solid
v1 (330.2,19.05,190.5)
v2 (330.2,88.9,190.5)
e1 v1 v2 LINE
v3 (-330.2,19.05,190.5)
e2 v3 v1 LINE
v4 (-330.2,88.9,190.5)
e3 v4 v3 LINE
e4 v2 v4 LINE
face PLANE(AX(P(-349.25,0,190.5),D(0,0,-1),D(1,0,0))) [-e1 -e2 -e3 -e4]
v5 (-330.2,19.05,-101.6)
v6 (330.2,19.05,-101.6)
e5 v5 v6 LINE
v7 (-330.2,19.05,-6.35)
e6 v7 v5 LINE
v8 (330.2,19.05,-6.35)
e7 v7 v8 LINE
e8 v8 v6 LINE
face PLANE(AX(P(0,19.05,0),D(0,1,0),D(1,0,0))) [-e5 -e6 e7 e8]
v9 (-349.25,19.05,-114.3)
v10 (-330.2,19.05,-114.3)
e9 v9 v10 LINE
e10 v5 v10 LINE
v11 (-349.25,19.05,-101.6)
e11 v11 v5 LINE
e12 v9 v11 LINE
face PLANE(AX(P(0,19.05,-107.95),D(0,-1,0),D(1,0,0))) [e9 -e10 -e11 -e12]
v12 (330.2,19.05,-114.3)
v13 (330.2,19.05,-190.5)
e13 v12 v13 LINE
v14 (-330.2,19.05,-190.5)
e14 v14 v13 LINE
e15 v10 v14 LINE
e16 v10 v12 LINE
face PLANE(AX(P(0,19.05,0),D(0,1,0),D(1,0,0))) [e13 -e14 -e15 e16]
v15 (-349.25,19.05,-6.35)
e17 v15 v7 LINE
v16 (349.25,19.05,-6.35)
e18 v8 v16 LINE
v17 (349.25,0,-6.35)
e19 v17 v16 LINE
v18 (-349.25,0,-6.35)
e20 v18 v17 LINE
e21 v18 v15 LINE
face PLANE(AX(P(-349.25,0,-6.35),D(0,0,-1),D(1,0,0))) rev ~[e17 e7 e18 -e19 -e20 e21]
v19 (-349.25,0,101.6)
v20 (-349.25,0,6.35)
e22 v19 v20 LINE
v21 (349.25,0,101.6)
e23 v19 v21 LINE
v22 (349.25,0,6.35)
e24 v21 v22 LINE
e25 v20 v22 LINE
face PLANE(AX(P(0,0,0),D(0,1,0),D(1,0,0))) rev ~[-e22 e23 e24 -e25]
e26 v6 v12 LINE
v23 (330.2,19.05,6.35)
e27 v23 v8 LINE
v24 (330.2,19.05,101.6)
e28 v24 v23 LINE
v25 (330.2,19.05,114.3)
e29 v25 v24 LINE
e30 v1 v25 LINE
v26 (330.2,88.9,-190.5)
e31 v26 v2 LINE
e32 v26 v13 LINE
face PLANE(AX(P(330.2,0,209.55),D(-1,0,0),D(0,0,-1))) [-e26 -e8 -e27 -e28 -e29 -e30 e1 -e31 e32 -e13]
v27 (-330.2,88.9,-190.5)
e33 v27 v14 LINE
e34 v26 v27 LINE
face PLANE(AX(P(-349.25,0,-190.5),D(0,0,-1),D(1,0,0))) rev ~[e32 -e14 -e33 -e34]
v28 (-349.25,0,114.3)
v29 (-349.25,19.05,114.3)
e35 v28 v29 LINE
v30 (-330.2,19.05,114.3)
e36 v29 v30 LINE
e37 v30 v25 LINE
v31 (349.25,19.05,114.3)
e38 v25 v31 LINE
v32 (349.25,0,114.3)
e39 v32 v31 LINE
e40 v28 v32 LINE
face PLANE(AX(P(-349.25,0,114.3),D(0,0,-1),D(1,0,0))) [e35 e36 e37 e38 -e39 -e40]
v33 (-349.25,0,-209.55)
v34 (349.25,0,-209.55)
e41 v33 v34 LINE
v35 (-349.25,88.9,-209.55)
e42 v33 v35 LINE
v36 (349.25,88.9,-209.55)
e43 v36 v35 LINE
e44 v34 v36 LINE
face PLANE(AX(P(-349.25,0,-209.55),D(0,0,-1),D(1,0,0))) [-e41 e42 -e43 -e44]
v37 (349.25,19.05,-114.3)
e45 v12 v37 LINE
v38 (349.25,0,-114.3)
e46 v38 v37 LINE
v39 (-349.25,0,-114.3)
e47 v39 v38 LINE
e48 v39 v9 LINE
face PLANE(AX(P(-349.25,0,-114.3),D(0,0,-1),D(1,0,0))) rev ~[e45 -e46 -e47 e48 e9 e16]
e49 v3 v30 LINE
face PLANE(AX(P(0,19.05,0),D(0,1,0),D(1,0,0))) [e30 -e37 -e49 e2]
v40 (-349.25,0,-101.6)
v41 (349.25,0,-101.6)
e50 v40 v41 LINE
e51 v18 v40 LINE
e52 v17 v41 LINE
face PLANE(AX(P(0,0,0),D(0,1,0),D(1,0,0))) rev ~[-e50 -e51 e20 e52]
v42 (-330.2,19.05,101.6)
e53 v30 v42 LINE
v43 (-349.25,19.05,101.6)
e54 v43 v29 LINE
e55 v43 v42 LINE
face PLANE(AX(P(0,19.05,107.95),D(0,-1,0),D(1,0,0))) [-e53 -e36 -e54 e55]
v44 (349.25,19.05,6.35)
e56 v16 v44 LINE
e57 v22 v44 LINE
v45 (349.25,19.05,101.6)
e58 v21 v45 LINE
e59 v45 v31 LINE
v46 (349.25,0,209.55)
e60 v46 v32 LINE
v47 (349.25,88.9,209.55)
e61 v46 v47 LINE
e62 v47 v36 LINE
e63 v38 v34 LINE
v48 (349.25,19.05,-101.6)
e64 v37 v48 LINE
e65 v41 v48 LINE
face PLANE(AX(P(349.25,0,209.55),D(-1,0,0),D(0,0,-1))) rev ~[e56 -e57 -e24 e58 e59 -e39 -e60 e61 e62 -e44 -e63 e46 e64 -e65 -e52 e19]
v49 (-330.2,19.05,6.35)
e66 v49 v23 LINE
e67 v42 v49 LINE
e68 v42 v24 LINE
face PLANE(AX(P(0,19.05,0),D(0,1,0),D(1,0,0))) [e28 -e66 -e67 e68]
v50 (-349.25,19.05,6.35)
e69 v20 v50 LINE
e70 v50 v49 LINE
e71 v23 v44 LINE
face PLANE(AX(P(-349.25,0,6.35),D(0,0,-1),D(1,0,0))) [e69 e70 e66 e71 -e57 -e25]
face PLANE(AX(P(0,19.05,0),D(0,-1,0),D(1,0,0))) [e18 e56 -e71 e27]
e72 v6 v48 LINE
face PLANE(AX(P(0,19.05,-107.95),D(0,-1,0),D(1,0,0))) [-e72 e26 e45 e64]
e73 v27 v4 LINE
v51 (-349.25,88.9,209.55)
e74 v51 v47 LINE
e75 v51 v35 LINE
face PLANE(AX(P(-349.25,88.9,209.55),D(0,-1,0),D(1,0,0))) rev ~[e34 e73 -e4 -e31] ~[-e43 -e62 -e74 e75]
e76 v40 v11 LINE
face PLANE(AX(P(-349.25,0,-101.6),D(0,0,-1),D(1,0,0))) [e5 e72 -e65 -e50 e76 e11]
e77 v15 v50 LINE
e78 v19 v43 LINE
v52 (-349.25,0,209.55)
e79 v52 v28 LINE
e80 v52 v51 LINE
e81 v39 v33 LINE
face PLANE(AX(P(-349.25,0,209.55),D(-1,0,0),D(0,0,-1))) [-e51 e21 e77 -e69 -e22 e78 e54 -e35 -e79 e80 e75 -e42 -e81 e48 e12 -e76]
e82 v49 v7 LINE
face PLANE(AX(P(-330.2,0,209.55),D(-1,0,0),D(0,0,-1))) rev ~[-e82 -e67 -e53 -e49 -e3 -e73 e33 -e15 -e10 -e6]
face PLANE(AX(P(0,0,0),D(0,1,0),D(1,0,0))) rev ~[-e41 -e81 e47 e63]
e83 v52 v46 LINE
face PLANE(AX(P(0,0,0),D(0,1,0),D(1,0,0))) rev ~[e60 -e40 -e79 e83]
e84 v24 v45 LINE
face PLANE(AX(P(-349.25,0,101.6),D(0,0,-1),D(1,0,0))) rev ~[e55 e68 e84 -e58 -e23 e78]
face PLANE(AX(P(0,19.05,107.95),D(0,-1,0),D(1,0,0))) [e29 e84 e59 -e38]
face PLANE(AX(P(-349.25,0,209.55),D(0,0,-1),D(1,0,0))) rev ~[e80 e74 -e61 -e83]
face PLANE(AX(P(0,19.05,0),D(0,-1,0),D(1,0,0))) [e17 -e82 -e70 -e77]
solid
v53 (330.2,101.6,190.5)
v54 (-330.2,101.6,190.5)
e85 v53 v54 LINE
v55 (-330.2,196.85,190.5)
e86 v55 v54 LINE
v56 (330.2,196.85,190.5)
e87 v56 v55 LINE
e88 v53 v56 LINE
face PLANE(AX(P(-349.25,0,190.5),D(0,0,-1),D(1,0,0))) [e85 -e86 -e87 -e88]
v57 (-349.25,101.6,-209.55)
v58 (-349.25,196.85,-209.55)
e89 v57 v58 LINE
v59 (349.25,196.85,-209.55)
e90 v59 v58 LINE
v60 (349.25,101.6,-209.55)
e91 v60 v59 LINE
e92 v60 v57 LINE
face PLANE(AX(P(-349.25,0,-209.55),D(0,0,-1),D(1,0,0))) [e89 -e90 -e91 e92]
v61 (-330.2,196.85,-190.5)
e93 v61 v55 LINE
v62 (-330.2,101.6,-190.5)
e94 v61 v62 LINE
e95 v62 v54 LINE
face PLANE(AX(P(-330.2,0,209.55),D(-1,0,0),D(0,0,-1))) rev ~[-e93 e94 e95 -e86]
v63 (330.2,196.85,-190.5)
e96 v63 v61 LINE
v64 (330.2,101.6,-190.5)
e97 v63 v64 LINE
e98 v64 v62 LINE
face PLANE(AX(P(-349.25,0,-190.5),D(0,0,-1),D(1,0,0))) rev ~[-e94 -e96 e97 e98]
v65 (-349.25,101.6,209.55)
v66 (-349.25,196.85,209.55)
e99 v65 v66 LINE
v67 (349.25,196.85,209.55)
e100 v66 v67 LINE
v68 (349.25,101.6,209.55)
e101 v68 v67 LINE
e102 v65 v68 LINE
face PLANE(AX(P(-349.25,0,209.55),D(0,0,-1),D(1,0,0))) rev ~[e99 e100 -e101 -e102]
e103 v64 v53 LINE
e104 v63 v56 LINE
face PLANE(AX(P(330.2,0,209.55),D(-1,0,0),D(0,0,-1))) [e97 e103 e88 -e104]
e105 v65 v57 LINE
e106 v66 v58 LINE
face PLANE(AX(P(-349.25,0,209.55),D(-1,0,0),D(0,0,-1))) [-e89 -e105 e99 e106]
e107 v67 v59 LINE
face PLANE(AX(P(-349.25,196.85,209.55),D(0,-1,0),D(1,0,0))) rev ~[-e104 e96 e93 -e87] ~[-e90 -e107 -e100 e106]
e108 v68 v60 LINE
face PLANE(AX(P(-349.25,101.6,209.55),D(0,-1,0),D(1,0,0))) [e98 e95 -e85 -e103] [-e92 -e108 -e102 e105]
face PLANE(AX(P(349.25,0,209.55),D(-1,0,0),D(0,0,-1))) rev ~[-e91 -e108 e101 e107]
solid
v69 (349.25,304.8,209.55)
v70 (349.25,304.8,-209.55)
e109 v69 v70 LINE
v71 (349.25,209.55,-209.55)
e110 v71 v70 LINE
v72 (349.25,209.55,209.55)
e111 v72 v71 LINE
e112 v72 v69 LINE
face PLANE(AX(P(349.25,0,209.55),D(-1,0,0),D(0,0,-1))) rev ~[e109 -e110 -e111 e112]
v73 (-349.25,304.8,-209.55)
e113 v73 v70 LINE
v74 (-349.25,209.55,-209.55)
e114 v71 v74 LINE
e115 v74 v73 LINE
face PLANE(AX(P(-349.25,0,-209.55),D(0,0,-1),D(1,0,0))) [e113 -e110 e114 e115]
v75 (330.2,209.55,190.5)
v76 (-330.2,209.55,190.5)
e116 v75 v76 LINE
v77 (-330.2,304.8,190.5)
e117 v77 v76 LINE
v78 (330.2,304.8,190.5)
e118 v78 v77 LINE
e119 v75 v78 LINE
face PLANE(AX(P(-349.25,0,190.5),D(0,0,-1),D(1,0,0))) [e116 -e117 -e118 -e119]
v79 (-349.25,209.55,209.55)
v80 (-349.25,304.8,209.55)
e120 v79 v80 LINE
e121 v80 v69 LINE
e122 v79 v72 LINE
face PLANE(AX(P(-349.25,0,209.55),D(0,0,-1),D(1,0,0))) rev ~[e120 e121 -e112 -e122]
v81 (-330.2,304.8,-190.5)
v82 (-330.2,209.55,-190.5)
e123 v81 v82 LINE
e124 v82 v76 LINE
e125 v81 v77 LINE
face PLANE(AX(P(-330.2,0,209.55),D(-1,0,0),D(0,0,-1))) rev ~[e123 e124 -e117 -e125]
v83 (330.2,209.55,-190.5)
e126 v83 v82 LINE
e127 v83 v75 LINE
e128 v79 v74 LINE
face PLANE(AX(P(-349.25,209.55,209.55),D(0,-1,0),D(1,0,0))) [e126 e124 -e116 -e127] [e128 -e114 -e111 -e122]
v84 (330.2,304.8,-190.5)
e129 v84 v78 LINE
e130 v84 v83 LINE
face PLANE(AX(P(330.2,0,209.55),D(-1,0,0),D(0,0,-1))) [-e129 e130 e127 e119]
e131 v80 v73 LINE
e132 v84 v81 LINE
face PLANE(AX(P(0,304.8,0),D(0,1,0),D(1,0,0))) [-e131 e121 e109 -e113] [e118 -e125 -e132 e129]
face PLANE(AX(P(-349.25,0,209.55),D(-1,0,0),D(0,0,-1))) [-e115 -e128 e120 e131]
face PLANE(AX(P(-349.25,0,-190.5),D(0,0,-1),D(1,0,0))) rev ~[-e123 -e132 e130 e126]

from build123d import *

# Parameters (mm, degrees)
SKETCH1_W           = 698.5
SKETCH1_H           = 419.1
BOSS_EXTRUDE1_DEPTH = 304.8
SHELL1_T            = -19.05
SKETCH2_W           = 698.5
SKETCH2_H           = 12.7
CUT_EXTRUDE1_DEPTH  = 625.918724715
SKETCH6_W           = 698.5
SKETCH6_H           = 12.7
CUT_EXTRUDE3_DEPTH  = 19.05


with BuildPart() as part:
    # Sketch1 → Boss-Extrude1 (new body)
    with BuildSketch(Plane(origin=(0, 0, 0), x_dir=(1, 0, 0), z_dir=(0, 1, 0))):
        Rectangle(SKETCH1_W, SKETCH1_H)
    extrude(amount=BOSS_EXTRUDE1_DEPTH)

    # Shell1
    shell1_openings = [part.faces().sort_by_distance(p)[0] for p in [
        (0, 304.8, 0),
    ]]
    offset(amount=SHELL1_T, openings=shell1_openings, kind=Kind.INTERSECTION)

    # Sketch2 → Cut-Extrude1 (cut, through all)
    with BuildSketch(Plane.XY.offset(209.55)):
        with Locations((0, 203.2)):
            Rectangle(SKETCH2_W, SKETCH2_H)
        with Locations((0, 95.25)):
            Rectangle(SKETCH2_W, SKETCH2_H)
    extrude(amount=-CUT_EXTRUDE1_DEPTH, mode=Mode.SUBTRACT)


with BuildPart() as cut_extrude1_piece_1:
    # of the separate pieces the step leaves, piece 1, a body of its own (cut_extrude1_pieces)
    add(part.part.solids().sort_by_distance((-349.25, 0, -209.55))[0])

    # Sketch6 → Cut-Extrude3 (cut)
    with BuildSketch(Plane.XZ):
        with Locations((0, 107.95)):
            Rectangle(SKETCH6_W, SKETCH6_H)
        Rectangle(SKETCH6_W, SKETCH6_H)
        with Locations((0, -107.95)):
            Rectangle(SKETCH6_W, SKETCH6_H)
    extrude(amount=-CUT_EXTRUDE3_DEPTH, mode=Mode.SUBTRACT)


with BuildPart() as cut_extrude1_piece_2:
    # of the separate pieces the step leaves, piece 2, a body of its own (cut_extrude1_pieces)
    add(part.part.solids().sort_by_distance((349.25, 209.55, -209.55))[0])


with BuildPart() as cut_extrude1_piece_3:
    # of the separate pieces the step leaves, piece 3, a body of its own (cut_extrude1_pieces)
    add(part.part.solids().sort_by_distance((349.25, 101.6, -209.55))[0])


solid = Compound([cut_extrude1_piece_1.part, cut_extrude1_piece_2.part, cut_extrude1_piece_3.part])
